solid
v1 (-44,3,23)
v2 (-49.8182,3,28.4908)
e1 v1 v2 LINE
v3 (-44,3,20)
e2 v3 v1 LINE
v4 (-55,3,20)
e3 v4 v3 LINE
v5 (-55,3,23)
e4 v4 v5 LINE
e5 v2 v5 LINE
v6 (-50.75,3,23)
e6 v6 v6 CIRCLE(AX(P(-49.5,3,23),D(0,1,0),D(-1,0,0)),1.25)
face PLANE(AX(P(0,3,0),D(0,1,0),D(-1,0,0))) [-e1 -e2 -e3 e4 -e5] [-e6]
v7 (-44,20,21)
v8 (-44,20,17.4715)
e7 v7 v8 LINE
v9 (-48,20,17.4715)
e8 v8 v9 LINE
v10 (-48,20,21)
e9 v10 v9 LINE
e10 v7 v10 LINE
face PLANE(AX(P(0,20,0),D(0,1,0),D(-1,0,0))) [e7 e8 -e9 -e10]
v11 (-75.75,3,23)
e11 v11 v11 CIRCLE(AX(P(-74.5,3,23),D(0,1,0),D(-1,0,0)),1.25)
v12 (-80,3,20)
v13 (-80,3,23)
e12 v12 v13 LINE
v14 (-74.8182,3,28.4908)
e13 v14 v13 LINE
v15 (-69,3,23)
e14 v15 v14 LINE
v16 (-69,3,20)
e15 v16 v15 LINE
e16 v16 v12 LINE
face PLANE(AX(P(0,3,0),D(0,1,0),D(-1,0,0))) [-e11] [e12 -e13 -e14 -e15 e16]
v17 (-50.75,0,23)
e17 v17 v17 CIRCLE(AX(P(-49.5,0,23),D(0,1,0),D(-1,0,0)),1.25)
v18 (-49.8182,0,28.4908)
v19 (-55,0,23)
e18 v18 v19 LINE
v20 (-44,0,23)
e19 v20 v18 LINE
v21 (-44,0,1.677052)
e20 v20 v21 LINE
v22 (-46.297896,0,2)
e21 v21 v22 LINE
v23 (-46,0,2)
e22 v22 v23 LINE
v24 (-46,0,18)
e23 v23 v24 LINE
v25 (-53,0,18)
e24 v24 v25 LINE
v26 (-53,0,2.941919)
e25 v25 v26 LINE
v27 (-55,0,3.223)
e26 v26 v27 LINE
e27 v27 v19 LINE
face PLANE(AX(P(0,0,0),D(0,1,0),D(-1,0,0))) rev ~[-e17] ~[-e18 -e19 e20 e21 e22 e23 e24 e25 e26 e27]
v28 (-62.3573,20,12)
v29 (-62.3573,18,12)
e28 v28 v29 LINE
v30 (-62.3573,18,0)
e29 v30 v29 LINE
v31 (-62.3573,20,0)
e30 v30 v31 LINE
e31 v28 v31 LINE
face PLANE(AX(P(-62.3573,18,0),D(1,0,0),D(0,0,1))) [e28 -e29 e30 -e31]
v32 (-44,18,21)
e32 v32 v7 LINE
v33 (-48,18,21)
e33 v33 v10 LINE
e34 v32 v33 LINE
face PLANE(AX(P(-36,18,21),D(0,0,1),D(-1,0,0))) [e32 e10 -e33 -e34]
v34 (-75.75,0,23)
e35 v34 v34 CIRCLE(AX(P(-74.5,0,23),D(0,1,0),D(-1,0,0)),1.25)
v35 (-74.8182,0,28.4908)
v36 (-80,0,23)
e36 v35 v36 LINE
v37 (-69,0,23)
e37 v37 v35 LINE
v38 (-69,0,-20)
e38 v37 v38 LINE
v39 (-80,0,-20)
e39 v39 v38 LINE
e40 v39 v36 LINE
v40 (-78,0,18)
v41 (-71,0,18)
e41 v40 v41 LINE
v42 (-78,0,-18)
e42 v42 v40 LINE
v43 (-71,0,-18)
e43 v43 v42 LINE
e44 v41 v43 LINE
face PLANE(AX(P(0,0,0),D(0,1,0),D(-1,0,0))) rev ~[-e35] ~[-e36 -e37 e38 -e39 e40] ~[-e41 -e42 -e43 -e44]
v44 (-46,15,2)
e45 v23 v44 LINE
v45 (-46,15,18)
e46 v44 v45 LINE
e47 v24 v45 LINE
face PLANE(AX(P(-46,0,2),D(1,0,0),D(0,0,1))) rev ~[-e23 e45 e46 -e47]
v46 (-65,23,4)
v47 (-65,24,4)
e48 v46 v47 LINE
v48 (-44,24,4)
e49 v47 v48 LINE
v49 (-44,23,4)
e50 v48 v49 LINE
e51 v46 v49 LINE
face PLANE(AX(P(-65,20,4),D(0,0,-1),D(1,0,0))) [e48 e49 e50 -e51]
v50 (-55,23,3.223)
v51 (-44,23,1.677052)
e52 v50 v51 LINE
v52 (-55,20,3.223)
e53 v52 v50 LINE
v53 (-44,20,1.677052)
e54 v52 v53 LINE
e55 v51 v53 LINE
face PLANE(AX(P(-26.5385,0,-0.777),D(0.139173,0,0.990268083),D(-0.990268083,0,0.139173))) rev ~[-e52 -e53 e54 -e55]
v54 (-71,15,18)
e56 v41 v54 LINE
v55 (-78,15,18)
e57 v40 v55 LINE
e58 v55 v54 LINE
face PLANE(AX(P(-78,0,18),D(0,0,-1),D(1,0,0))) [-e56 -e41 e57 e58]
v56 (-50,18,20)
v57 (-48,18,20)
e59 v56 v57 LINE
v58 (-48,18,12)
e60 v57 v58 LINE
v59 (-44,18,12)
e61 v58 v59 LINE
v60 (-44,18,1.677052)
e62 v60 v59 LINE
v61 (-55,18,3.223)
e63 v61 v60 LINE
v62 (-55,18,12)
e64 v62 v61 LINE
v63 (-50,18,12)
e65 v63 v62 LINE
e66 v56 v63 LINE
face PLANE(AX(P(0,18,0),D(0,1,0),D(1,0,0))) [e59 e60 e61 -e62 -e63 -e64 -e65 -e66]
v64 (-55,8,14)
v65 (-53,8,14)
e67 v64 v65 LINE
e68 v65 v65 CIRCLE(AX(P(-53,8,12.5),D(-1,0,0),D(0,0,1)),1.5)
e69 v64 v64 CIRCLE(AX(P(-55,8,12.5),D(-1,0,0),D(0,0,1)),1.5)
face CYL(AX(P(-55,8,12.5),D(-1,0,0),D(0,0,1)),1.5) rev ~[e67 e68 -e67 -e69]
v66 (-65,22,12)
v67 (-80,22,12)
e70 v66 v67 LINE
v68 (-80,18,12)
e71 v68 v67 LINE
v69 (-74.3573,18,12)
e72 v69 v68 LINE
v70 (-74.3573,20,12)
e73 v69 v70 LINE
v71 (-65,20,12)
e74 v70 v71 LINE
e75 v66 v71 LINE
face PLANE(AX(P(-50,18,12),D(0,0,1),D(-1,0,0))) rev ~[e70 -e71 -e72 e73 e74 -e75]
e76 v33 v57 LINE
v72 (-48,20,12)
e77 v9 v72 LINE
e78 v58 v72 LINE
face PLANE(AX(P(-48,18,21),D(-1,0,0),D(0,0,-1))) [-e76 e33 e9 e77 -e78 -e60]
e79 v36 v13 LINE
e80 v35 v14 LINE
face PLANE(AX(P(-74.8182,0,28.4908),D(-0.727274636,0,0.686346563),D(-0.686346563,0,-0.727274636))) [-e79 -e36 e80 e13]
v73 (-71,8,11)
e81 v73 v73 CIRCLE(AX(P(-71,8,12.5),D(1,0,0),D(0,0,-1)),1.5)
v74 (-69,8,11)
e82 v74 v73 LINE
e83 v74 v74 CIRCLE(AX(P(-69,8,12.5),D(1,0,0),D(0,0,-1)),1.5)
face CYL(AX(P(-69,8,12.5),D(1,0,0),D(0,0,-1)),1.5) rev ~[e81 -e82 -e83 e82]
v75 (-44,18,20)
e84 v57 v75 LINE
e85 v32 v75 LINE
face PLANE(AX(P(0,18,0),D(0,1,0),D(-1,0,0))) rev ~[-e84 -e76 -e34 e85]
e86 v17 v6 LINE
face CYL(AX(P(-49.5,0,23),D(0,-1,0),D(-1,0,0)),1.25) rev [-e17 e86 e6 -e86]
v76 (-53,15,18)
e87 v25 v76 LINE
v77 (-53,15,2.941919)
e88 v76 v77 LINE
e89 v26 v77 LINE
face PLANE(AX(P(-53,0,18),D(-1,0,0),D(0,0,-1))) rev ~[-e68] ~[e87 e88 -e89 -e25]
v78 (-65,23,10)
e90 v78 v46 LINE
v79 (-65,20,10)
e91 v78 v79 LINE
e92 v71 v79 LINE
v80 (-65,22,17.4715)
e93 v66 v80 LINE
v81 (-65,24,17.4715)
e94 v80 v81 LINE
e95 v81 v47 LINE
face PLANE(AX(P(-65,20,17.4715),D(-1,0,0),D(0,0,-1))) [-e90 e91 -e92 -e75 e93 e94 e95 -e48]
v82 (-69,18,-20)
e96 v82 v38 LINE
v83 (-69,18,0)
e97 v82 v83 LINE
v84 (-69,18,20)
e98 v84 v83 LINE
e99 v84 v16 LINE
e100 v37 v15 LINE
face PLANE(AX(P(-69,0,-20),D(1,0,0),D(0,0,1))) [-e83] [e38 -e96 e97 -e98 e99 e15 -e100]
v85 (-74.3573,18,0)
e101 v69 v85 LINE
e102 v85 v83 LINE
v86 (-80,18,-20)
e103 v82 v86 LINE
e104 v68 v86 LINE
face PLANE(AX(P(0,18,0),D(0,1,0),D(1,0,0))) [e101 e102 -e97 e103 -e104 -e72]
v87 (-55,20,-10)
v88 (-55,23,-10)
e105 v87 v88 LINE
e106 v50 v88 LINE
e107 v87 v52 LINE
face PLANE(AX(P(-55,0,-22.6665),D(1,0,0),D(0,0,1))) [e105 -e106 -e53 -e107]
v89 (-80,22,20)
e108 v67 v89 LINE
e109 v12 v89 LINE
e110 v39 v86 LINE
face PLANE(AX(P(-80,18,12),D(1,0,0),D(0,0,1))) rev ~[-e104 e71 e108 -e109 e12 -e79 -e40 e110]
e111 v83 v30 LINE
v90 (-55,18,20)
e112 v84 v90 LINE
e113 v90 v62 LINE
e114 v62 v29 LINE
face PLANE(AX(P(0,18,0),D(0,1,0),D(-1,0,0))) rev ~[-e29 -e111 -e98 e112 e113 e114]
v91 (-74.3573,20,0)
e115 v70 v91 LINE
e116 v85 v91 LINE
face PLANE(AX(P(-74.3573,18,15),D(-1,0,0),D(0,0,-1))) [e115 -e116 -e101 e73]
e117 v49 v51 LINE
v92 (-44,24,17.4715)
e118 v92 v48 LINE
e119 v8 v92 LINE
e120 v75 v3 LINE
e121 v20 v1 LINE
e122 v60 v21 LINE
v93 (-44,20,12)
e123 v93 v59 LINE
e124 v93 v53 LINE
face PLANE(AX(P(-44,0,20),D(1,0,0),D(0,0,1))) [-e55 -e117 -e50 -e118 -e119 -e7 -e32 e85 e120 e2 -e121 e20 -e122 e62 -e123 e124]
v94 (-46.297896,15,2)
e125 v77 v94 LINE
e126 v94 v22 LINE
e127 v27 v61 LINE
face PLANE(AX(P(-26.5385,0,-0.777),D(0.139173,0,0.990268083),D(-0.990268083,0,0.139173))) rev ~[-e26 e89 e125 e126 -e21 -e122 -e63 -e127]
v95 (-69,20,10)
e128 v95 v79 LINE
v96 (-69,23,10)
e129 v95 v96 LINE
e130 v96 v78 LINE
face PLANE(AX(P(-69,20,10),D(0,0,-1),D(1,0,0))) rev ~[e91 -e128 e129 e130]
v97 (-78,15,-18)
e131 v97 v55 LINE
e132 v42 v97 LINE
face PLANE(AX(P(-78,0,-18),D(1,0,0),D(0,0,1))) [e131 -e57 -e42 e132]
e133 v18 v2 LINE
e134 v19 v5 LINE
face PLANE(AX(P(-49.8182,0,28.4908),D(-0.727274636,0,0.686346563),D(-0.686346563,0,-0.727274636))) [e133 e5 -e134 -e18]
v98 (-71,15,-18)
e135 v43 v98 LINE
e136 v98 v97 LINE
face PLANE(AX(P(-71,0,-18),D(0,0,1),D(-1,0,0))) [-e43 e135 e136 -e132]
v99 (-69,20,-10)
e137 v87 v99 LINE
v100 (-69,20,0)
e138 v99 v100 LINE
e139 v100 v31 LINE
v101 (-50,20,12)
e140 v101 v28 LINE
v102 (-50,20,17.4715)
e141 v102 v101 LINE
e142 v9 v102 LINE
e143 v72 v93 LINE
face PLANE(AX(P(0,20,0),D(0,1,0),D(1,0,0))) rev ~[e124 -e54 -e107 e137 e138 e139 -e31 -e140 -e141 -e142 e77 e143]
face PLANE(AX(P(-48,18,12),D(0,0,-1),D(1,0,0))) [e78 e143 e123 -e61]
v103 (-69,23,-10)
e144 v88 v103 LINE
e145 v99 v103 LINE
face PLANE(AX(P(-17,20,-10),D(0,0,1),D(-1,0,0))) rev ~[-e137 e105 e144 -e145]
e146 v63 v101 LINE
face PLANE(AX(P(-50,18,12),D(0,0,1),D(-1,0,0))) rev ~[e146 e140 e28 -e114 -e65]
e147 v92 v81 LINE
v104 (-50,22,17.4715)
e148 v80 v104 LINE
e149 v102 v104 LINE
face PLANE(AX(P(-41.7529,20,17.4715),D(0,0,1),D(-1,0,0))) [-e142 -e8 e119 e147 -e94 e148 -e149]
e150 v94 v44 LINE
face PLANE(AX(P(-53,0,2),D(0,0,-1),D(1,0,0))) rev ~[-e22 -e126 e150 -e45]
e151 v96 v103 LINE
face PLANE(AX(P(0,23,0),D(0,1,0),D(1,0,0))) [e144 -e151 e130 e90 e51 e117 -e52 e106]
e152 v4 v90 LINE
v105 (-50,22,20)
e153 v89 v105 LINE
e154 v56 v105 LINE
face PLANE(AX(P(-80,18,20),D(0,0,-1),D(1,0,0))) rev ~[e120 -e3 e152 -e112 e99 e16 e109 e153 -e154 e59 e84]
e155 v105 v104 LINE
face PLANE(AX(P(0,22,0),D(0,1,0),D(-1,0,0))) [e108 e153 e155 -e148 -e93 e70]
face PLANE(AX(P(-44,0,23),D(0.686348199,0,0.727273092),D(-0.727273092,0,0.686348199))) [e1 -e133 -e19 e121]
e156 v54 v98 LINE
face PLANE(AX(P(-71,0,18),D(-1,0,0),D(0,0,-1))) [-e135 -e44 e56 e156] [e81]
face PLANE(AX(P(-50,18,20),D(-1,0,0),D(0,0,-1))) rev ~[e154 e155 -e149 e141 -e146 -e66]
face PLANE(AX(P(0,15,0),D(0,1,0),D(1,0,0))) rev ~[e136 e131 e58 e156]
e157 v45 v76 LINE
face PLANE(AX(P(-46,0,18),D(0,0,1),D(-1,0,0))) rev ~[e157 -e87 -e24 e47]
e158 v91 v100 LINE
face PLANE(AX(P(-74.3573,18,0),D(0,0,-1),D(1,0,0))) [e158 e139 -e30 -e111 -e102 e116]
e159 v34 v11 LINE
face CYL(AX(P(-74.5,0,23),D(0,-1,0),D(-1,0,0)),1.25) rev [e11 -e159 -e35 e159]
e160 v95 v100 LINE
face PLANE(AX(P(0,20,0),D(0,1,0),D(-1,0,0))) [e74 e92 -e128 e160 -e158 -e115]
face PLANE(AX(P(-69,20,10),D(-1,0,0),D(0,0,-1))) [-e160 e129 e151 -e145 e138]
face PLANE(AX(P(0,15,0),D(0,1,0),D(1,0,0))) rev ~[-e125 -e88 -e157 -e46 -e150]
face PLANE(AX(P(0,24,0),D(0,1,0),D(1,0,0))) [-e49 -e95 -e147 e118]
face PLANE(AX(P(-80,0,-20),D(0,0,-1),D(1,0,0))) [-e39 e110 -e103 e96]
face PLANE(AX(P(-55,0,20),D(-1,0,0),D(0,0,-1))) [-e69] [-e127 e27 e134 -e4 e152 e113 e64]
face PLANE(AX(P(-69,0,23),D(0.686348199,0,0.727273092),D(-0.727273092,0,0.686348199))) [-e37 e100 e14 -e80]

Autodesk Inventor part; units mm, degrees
ref_plane "YZ Plane" through (0, 0, 0) normal (1, 0, 0) x (0, 1, 0)
ref_plane "XY Plane" through (0, 0, 0) normal (0, 0, 1) x (1, 0, 0)
sketch "Sketch1" plane through (0, 0, 0) normal (0, 1, 0) x (-1, 0, 0)
  line L0 (0, 0) -> (80, 0) construction
  line L1 (80, 0) -> (80, 15) construction
  line L2 (80, 15) -> (0, 15) construction
  line L3 (0, 15) -> (0, 0) construction
  dimension "d0" = 80
  dimension "d1" = 15
sketch "Sketch2" plane through (0, 0, 0) normal (0, 1, 0) x (-1, 0, 0)
  line L0 (80, -20) -> (69, -20)
  line L1 (69, -20) -> (69, 20)
  line L2 (69, 20) -> (80, 20)
  line L3 (80, 20) -> (80, -20)
  line L4 (55, 0) -> (44, 0)
  line L5 (44, 0) -> (44, 20)
  line L6 (44, 20) -> (55, 20)
  line L7 (55, 20) -> (55, 0)
  line L8 (71, -18) -> (78, -18)
  line L9 (78, -18) -> (78, 18)
  line L10 (78, 18) -> (71, 18)
  line L11 (71, 18) -> (71, -18)
  line L12 (53, 2) -> (46, 2)
  line L13 (46, 2) -> (46, 18)
  line L14 (46, 18) -> (53, 18)
  line L15 (53, 18) -> (53, 2)
  dimension "d2" = 11
  dimension "d3" = 40
  dimension "d6" = 11
  dimension "d10" = 2
  dimension "d11" = 2
  dimension "d110" = 20
  dimension "d111" = 14
extrude "Extrusion1" add sketch "Sketch2" along normal blind 15
sketch "Sketch3" plane through (0, 15, 0) normal (0, 1, 0) x (1, 0, 0)
  line L0 (-69, 20) -> (-80, 20) projected
  line L1 (-80, 20) -> (-69, 20)
  line L2 (-69, 20) -> (-69, -20)
  line L3 (-69, -20) -> (-80, -20)
  line L4 (-80, -20) -> (-80, 20)
  line L5 (-55, -20) -> (-44, -20) projected
  line L6 (-44, -20) -> (-55, -20)
  line L7 (-55, -20) -> (-55, 0)
  line L8 (-55, 0) -> (-44, 0)
  line L9 (-44, 0) -> (-44, -20)
  point P0 (0, 0)
  dimension "d16" = 40
extrude "Extrusion2" add sketch "Sketch3" along normal blind 3
sketch "Sketch4" plane through (-69, 0, 20) normal (1, 0, 0) x (0, 0, -1)
  circle A0 centre (7.5, 8) radius 1.5
  line L0 (2, 0) -> (38, 0) projected
  line L1 (0, 0) -> (0, 18) construction
  point P0 (0, 15)
  dimension "d26" = 3
  dimension "d28" = 8
  dimension "d29" = 7.5
extrude "Extrusion3" cut sketch "Sketch4" against normal blind 3
sketch "Sketch5" plane through (-55, 0, 0) normal (-1, 0, 0) x (0, 0, 1)
  circle A0 centre (12.5, 8) radius 1.5
  line L0 (20, 0) -> (20, 18) projected
  line L1 (2, 0) -> (18, 0) projected
  point P0 (0, 0)
  point P1 (20, 15)
  dimension "d33" = 3
  dimension "d34" = 7.5
  dimension "d35" = 8
extrude "Extrusion4" cut sketch "Sketch5" against normal blind 3
ref_plane "Work Plane1" through (0, 18, 0) normal (0, 1, 0) x (-1, 0, 0)
sketch "Sketch12" plane through (0, 18, 0) normal (0, 1, 0) x (-1, 0, 0)
  line L0 (80, 20) -> (50, 20)
  line L1 (50, 20) -> (50, 12)
  line L2 (50, 12) -> (80, 12)
  line L3 (80, 12) -> (80, 20)
  line L4 (55, 8) -> (55, 0)
  dimension "d59" = 30
  dimension "d60" = 8
sketch "Sketch13" plane through (0, 18, 0) normal (0, 1, 0) x (-1, 0, 0)
  line L0 (74.3573, 0) -> (62.3573, 0)
  line L1 (62.3573, 0) -> (62.3573, 15)
  line L2 (62.3573, 15) -> (74.3573, 15)
  line L3 (74.3573, 15) -> (74.3573, 0)
  line L4 (48, 12) -> (36, 12)
  line L5 (36, 12) -> (36, 21)
  line L6 (36, 21) -> (48, 21)
  line L7 (48, 21) -> (48, 12)
  line L8 (0, 0) -> (11, 0) projected
  line L9 (4, 0) -> (17, 0)
  line L10 (17, 0) -> (17, 17)
  line L11 (17, 17) -> (4, 17)
  line L12 (4, 17) -> (4, 0)
  dimension "d64" = 12
  dimension "d65" = 15
  dimension "d66" = 12
  dimension "d67" = 13
  dimension "d68" = 17
extrude "Extrusion9" add sketch "Sketch13" along normal blind 2
extrude "Extrusion10" add sketch "Sketch12" along normal blind 4
sketch "Sketch14" plane through (0, 20, 0) normal (0, 1, 0) x (1, 0, 0)
  line L0 (-65, -4) -> (-41.7529, -4)
  line L1 (-41.7529, -4) -> (-41.7529, -17.4715)
  line L2 (-41.7529, -17.4715) -> (-65, -17.4715)
  line L3 (-65, -17.4715) -> (-65, -4)
  point P0 (0, 0)
extrude "Extrusion11" add sketch "Sketch14" along normal blind 4
sketch "Sketch15" plane through (0, 20, 0) normal (0, 1, 0) x (1, 0, 0)
  line L0 (-69, -15) -> (-69, 0) projected
  line L1 (-69, -10) -> (-17, -10)
  line L2 (-17, -10) -> (-17, 10)
  line L3 (-17, 10) -> (-69, 10)
  line L4 (-69, 10) -> (-69, -10)
  point P0 (0, 0)
  point P1 (-69, -20)
  point P2 (-69, -22)
  point P3 (-69, -20)
  dimension "d76" = 52
  dimension "d77" = 20
extrude "Extrusion12" add sketch "Sketch15" along normal blind 3
sketch "Sketch16" plane through (0, 0, 0) normal (0, 1, 0) x (-1, 0, 0)
  line L0 (69, 20) -> (80, 20) projected
  line L1 (80, 20) -> (80, 23)
  line L2 (69, 20) -> (69, 23)
  line L3 (69, 23) -> (74.8182, 28.4908)
  line L4 (74.8182, 28.4908) -> (80, 23)
  circle A0 centre (74.5, 23) radius 1.25
  line L5 (74.5, 23) -> (80, 23) construction
  line L6 (74.5, 23) -> (69, 23) construction
  line L7 (80, 15) -> (0, 15) construction
  line L8 (44, 20) -> (44, 23)
  line L9 (49.5, 23) -> (44, 23) construction
  circle A1 centre (49.5, 23) radius 1.25
  line L10 (55, 20) -> (55, 23)
  line L11 (49.5, 23) -> (55, 23) construction
  line L12 (49.8182, 28.4908) -> (55, 23)
  line L13 (44, 23) -> (49.8182, 28.4908)
  line L14 (55, 20) -> (44, 20)
  dimension "d80" = 3
  dimension "d81" = 3
  dimension "d82" = 8
  dimension "d83" = 2.5
  dimension "d84" = 3
  dimension "d96" = 25
extrude "Extrusion14" add sketch "Sketch16" along normal blind 3
sketch "Sketch17" plane through (0, 0, 0) normal (0, 1, 0) x (-1, 0, 0)
  line L0 (44, 21.1125) -> (0, 21.1125)
  line L1 (0, 21.1125) -> (0, -22.6665)
  line L2 (0, -22.6665) -> (44, -22.6665)
  line L3 (44, -22.6665) -> (44, 21.1125)
  line L4 (44, 0) -> (44, 20) projected
  line L5 (55, -0.777) -> (44, -0.777)
  line L6 (44, -0.777) -> (44, -22.6665)
  line L7 (44, -22.6665) -> (55, -22.6665)
  line L8 (55, -22.6665) -> (55, -0.777)
extrude "Extrusion15" cut sketch "Sketch17" along normal through all
sketch "Sketch18" plane through (0, 0, 0) normal (0, 1, 0) x (-1, 0, 0)
  line L0 (26.5385, -0.777) -> (55, 3.223)
  line L1 (55, 3.223) -> (55, -0.777)
  line L2 (55, -0.777) -> (26.5385, -0.777)
  line L3 (55, 23) -> (55, 0) projected
  line L4 (55, 0) -> (44, 0) projected
  line L5 (69, -20) -> (69, 23) projected
  line L6 (44, -0.777) -> (55, -0.777) projected
  point P0 (0, 0)
  point P1 (57, 20)
  point P2 (69, 20)
  dimension "d103" = 8
  dimension "d104" = 4
extrude "Extrusion16" cut sketch "Sketch18" along normal through all
equation "\"d11\" = d10"
equation "\"d81\" = d80"
equation "\"d84\" = d81"
properties part number "game-over"
